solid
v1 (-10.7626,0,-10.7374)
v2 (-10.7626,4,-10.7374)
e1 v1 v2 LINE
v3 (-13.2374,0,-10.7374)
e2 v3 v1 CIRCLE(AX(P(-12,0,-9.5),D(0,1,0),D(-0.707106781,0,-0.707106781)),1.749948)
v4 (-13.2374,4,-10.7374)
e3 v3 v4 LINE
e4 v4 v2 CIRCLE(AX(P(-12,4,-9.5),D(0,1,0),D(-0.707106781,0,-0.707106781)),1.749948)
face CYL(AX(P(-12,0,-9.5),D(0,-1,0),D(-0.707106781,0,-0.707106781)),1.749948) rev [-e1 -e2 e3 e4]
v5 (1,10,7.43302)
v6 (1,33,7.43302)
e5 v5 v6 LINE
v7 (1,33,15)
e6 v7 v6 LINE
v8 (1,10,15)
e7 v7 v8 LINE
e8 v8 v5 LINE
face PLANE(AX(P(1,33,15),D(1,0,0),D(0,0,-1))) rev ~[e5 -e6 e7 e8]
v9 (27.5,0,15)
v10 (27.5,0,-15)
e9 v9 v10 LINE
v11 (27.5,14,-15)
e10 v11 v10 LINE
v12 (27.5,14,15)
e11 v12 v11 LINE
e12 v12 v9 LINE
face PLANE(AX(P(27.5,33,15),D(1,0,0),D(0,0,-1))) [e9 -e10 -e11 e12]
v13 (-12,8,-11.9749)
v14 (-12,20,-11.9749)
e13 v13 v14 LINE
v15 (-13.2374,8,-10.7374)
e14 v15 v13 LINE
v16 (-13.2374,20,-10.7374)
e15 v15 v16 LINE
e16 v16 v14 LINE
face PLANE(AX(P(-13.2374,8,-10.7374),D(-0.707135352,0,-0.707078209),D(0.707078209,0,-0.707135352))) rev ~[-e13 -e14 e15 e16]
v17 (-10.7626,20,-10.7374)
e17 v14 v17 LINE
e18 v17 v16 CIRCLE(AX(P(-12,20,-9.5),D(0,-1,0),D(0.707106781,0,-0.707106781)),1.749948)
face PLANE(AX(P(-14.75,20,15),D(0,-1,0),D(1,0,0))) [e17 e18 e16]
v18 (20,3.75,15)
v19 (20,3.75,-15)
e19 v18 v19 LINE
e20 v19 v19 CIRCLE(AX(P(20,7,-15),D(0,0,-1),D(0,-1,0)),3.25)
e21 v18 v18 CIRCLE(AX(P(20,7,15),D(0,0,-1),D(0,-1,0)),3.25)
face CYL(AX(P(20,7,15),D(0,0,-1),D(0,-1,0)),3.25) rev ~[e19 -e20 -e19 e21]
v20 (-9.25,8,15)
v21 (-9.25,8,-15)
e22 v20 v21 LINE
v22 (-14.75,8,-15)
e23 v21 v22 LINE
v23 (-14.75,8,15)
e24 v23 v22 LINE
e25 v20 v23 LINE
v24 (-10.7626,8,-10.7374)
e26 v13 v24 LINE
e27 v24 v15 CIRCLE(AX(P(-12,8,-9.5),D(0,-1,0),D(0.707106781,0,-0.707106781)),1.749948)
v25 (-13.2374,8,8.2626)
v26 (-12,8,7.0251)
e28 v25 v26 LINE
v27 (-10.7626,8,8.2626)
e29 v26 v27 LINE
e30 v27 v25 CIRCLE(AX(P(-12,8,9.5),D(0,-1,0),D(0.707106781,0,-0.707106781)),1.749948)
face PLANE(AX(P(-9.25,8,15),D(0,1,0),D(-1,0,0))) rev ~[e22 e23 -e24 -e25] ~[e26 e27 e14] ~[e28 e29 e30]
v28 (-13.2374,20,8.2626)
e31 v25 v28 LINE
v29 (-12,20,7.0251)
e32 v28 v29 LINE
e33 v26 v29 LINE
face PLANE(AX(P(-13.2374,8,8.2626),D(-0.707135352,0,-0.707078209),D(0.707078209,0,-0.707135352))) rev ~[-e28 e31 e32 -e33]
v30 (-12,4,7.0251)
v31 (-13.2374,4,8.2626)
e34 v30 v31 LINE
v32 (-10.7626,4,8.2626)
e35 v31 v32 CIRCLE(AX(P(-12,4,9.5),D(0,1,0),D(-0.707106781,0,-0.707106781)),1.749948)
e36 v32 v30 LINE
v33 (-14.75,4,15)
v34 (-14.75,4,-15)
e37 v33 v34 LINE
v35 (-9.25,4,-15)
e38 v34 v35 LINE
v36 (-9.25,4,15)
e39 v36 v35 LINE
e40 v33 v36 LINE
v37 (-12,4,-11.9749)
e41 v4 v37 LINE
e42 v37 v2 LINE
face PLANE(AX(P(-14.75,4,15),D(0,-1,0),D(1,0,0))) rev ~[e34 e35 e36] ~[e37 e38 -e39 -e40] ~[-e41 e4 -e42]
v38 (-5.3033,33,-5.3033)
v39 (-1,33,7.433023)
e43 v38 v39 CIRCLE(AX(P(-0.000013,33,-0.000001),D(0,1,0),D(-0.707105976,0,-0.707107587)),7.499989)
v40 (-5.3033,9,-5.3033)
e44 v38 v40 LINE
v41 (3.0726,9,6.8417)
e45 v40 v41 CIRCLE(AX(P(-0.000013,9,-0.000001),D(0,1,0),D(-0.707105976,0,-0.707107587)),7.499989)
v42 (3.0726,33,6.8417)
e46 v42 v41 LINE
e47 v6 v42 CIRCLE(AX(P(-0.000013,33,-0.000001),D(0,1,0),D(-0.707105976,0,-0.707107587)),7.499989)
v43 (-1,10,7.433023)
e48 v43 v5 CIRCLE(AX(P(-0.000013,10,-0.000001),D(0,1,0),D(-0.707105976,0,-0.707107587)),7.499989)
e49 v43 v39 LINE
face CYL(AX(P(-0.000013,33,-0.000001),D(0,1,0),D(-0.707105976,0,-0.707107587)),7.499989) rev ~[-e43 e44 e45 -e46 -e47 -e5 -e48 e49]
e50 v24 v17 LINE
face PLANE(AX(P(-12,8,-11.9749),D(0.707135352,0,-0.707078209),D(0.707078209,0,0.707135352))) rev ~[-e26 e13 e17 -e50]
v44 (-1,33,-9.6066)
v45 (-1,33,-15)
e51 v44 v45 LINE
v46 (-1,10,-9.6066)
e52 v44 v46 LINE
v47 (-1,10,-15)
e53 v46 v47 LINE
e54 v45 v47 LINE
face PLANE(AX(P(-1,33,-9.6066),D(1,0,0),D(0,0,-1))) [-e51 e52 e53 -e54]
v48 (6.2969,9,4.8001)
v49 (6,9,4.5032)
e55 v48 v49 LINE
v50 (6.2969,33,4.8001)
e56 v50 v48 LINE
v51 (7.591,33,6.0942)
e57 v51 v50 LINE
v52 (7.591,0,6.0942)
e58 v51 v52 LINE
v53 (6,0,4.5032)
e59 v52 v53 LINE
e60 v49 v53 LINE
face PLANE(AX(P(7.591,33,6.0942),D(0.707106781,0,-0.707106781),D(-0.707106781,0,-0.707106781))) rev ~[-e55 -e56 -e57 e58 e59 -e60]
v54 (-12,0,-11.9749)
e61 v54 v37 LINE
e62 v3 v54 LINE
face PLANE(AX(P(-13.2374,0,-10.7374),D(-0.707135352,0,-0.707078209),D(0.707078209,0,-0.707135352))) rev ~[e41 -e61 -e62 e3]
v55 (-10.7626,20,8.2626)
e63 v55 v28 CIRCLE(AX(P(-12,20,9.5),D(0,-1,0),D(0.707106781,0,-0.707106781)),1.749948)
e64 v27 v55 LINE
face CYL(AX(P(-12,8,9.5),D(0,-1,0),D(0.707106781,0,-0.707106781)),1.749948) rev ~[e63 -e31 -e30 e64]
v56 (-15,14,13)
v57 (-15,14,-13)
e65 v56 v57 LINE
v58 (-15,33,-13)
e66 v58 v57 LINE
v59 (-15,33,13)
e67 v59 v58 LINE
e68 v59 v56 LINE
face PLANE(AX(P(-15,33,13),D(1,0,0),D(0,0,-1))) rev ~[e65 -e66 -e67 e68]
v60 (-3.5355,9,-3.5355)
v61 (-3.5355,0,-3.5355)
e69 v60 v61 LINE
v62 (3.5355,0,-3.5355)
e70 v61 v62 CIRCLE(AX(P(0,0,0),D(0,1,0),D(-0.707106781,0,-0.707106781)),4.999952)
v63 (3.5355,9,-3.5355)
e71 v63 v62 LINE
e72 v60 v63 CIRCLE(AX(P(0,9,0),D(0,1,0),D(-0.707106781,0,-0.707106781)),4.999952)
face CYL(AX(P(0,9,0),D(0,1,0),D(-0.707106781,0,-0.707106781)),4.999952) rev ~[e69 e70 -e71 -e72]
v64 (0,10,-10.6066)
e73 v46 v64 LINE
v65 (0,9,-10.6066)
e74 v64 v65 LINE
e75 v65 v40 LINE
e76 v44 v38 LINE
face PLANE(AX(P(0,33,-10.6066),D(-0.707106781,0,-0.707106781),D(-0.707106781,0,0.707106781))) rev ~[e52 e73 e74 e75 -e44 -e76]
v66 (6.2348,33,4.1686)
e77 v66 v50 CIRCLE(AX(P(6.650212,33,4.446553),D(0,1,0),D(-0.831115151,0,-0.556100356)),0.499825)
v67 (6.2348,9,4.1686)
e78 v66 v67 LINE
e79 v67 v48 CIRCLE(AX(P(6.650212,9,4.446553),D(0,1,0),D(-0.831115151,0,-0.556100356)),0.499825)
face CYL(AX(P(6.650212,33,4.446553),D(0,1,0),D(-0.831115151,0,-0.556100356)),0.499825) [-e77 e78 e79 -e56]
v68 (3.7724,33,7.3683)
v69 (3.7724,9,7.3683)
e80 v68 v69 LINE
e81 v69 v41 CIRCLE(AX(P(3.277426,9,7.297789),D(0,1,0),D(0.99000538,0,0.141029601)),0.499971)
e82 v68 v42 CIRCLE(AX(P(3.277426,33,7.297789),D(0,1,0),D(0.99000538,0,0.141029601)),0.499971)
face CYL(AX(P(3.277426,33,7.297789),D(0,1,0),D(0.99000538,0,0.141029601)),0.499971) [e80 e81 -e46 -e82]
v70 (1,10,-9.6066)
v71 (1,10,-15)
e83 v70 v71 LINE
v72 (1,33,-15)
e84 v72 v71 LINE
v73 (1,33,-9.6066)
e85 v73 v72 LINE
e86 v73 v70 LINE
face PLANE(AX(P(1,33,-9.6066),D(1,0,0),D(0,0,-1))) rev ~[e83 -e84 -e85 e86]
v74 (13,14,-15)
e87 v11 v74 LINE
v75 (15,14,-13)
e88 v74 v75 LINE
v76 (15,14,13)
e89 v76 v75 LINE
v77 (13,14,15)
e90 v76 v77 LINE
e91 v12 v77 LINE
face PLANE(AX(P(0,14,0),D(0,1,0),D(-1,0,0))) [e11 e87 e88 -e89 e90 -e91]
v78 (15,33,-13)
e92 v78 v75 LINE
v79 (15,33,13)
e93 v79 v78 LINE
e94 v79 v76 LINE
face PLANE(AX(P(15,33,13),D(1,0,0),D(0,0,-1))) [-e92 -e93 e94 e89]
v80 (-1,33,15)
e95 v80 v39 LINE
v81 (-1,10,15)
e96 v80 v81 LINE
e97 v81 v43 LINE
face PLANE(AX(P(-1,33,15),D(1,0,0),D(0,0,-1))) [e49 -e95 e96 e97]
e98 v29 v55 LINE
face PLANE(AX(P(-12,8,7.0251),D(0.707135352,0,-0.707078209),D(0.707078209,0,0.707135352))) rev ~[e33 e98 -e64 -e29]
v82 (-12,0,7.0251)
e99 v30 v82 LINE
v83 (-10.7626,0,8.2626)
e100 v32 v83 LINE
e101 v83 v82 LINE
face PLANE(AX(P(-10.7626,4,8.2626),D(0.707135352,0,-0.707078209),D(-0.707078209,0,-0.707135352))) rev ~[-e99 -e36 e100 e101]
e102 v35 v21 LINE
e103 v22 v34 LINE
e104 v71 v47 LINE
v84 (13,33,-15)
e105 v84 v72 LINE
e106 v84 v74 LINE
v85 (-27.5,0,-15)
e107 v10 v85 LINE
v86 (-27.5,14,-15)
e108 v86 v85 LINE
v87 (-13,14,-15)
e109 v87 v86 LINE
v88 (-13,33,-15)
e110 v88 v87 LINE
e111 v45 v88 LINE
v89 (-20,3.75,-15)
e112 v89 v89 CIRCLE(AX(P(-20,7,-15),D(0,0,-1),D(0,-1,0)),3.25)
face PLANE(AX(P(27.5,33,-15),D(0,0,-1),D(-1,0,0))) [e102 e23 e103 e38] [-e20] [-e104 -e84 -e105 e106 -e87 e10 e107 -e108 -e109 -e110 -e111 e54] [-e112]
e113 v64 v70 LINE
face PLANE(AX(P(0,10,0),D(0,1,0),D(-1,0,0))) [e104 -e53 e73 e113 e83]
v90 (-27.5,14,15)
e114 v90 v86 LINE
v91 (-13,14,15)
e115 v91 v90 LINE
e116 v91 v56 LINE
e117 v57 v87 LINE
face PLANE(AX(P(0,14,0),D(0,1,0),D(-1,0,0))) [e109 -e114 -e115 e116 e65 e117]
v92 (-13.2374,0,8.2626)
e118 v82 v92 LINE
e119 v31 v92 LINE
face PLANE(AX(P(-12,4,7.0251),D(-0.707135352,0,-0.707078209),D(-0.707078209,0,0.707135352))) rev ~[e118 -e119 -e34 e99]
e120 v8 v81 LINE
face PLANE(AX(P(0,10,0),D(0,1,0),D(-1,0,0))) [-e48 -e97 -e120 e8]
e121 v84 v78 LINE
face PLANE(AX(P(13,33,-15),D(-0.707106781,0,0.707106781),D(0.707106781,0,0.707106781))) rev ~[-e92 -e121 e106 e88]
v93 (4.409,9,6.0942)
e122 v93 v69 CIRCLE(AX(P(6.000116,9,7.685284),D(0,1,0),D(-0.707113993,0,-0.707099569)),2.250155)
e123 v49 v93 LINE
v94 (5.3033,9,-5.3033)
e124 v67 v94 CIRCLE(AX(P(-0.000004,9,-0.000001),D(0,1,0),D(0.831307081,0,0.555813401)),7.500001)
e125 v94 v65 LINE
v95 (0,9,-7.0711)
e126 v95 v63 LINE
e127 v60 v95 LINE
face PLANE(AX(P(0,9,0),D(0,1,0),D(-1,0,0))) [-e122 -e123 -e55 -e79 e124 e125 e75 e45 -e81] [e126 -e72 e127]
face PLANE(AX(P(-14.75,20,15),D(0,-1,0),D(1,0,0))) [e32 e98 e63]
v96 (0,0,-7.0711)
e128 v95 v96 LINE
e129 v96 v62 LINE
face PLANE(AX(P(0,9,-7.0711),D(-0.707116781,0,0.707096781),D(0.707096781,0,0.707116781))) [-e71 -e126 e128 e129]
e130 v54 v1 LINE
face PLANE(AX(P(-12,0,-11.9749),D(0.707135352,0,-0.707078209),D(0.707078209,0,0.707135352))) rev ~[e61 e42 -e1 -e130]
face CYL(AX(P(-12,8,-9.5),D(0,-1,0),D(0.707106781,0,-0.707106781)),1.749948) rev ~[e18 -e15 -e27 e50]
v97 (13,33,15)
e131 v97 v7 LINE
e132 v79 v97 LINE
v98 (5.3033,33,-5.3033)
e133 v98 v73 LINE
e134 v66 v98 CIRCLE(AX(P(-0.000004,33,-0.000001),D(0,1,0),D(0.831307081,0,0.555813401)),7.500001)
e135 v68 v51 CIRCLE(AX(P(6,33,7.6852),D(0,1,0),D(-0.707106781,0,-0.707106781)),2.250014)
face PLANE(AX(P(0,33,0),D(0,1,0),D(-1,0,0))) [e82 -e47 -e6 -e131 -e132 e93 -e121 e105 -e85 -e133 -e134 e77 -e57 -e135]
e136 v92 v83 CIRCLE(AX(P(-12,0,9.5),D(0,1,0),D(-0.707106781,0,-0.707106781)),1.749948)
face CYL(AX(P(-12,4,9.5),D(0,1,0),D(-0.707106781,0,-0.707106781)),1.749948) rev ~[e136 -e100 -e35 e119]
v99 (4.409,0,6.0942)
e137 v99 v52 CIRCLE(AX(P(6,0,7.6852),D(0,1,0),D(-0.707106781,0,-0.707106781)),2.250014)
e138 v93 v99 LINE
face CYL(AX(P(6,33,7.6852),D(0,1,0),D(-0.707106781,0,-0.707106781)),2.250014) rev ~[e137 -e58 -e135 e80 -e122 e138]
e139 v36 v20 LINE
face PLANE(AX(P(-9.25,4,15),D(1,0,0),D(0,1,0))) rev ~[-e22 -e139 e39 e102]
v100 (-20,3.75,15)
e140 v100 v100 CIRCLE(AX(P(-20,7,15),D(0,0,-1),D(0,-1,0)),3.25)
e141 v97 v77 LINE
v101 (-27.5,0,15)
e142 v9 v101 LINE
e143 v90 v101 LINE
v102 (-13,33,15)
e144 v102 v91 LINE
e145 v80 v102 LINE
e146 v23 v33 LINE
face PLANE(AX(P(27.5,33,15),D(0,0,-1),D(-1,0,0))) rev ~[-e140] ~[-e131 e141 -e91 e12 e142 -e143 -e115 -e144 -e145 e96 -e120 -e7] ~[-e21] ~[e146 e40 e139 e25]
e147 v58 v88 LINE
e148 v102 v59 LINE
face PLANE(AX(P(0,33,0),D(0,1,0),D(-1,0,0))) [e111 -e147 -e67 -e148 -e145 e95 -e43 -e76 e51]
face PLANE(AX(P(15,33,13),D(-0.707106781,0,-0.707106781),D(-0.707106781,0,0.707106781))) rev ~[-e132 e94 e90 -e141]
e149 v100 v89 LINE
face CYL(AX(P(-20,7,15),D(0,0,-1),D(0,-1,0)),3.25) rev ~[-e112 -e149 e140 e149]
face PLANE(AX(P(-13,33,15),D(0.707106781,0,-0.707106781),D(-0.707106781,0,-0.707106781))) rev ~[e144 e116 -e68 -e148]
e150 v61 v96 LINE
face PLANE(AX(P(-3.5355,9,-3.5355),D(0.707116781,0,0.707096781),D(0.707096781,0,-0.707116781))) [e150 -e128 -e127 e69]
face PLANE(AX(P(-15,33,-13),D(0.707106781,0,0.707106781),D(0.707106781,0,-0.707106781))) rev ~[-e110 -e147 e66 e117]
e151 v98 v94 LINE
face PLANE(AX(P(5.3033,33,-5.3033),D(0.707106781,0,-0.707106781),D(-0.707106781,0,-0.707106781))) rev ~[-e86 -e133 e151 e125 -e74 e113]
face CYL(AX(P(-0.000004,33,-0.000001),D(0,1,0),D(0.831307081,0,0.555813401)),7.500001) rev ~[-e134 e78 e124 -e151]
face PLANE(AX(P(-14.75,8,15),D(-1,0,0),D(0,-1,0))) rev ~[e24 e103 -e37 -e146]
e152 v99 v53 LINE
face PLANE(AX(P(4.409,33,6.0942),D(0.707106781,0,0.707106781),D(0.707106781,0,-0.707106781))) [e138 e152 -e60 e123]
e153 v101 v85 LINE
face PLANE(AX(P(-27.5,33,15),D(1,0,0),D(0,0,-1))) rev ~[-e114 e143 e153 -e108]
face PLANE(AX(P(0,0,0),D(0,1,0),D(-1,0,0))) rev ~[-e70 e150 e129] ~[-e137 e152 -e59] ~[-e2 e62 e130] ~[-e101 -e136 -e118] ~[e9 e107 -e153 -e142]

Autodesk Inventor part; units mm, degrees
ref_plane "YZ Plane" through (0, 0, 0) normal (1, 0, 0) x (0, 1, 0)
ref_plane "XY Plane" through (0, 0, 0) normal (0, 0, 1) x (1, 0, 0)
ref_plane "Work Plane1" through (0, 33, 0) normal (0, 1, 0) x (-1, 0, 0)
sketch "Sketch1" plane through (0, 33, 0) normal (0, 1, 0) x (-1, 0, 0)
  line L0 (-27.5, 15) -> (-27.5, -15)
  line L1 (-27.5, 15) -> (27.5, 15)
  line L2 (27.5, 15) -> (27.5, -15)
  line L3 (-27.5, -15) -> (27.5, -15)
extrude "Extrusion13" add sketch "Sketch1" against normal blind 33
sketch "Sketch2" plane through (-27.5, 33, 15) normal (0, 0, 1) x (1, 0, 0)
  line L0 (18.25, -25) -> (12.75, -25)
  line L1 (12.75, -29) -> (18.25, -29)
  line L2 (18.25, -29) -> (18.25, -25)
  line L3 (12.75, -25) -> (12.75, -29)
extrude "Extrusion12" cut sketch "Sketch2" against normal blind 30
sketch "Sketch3" plane through (-14.75, 4, 15) normal (0, 1, 0) x (1, 0, 0)
  arc A0 (1.5126, 6.7374) -> (3.9874, 6.7374) centre (2.75, 5.5) ccw
  line L0 (3.9874, 6.7374) -> (2.75, 7.9749)
  line L1 (2.75, 7.9749) -> (1.5126, 6.7374)
extrude "Extrusion11" cut sketch "Sketch3" against normal blind 4
sketch "Sketch4" plane through (0, 0, 0) normal (0, 1, 0) x (-1, 0, 0)
  arc A0 (13.2374, -10.7374) -> (10.7626, -10.7374) centre (12, -9.5) ccw
  line L0 (13.2374, -10.7374) -> (12, -11.9749)
  line L1 (12, -11.9749) -> (10.7626, -10.7374)
extrude "Extrusion10" cut sketch "Sketch4" along normal blind 4
sketch "Sketch5" plane through (-14.75, 8, 15) normal (0, -1, 0) x (1, 0, 0)
  line L0 (2.75, -7.9749) -> (3.9874, -6.7374)
  line L1 (1.5126, -6.7374) -> (2.75, -7.9749)
  arc A0 (3.9874, -6.7374) -> (1.5126, -6.7374) centre (2.75, -5.5) ccw
extrude "Extrusion9" cut sketch "Sketch5" against normal blind 12
sketch "Sketch6" plane through (-14.75, 8, 15) normal (0, -1, 0) x (1, 0, 0)
  line L0 (2.75, -26.9749) -> (3.9874, -25.7374)
  line L1 (1.5126, -25.7374) -> (2.75, -26.9749)
  arc A0 (3.9874, -25.7374) -> (1.5126, -25.7374) centre (2.75, -24.5) ccw
extrude "Extrusion8" cut sketch "Sketch6" against normal blind 12
sketch "Sketch7" plane through (0, 33, 0) normal (0, 1, 0) x (-1, 0, 0)
  line L0 (-4.409, 6.0942) -> (-6, 4.5032)
  arc A0 (-4.409, 6.0942) -> (-7.591, 6.0942) centre (-6, 7.6852) ccw
  line L1 (-7.591, 6.0942) -> (-6, 4.5032)
extrude "Extrusion7" cut sketch "Sketch7" against normal blind 33
sketch "Sketch8" plane through (0, 33, 0) normal (0, 1, 0) x (-1, 0, 0)
  line L0 (-5.3033, -5.3033) -> (0, -10.6066)
  arc A0 (-3.7724, 7.3683) -> (-3.0726, 6.8417) centre (-3.2774, 7.2978) ccw
  arc A1 (-4.409, 6.0942) -> (-3.7724, 7.3683) centre (-6, 7.6852) ccw
  line L1 (0, -10.6066) -> (5.3033, -5.3033)
  arc A2 (5.3033, -5.3033) -> (-3.0726, 6.8417) centre (0, 0) ccw
  line L2 (-6, 4.5032) -> (-4.409, 6.0942)
  line L3 (-6.2969, 4.8001) -> (-6, 4.5032)
  arc A3 (-6.2348, 4.1686) -> (-6.2969, 4.8001) centre (-6.6504, 4.4466) ccw
  arc A4 (-6.2348, 4.1686) -> (-5.3033, -5.3033) centre (0, 0) ccw
extrude "Extrusion6" cut sketch "Sketch8" against normal blind 24 draft 0
sketch "Sketch9" plane through (0, 33, 0) normal (0, 1, 0) x (-1, 0, 0)
  line L0 (0, -10.6066) -> (-1, -9.6066)
  line L1 (1, -9.6066) -> (0, -10.6066)
  line L2 (-1, -9.6066) -> (-1, -15)
  line L3 (-1, -15) -> (1, -15)
  line L4 (1, -9.6066) -> (1, -15)
extrude "Extrusion5" cut sketch "Sketch9" against normal blind 23 draft 0
sketch "Sketch10" plane through (0, 33, 0) normal (0, 1, 0) x (-1, 0, 0)
  line L0 (-1, 15) -> (1, 15)
  arc A0 (1, 7.433) -> (-1, 7.433) centre (0, 0) ccw
  line L1 (-1, 15) -> (-1, 7.433)
  line L2 (1, 15) -> (1, 7.433)
extrude "Extrusion4" cut sketch "Sketch10" against normal blind 23 draft 0
sketch "Sketch11" plane through (0, 33, 0) normal (0, 1, 0) x (-1, 0, 0)
  line L0 (15, -13) -> (13, -15)
  line L1 (13, 15) -> (27.5, 15)
  line L2 (15, 13) -> (15, -13)
  line L3 (27.5, 15) -> (27.5, -15)
  line L4 (13, 15) -> (15, 13)
  line L5 (13, -15) -> (27.5, -15)
extrude "Extrusion3" cut sketch "Sketch11" against normal blind 19 draft 0
sketch "Sketch12" plane through (0, 33, 0) normal (0, 1, 0) x (-1, 0, 0)
  line L0 (-27.5, 15) -> (-13, 15)
  line L1 (-13, -15) -> (-15, -13)
  line L2 (-15, 13) -> (-13, 15)
  line L3 (-27.5, -15) -> (-13, -15)
  line L4 (-27.5, 15) -> (-27.5, -15)
  line L5 (-15, 13) -> (-15, -13)
extrude "Extrusion2" cut sketch "Sketch12" against normal blind 19 draft 0
sketch "Sketch13" plane through (0, 9, 0) normal (0, 1, 0) x (1, 0, 0)
  line L0 (0, 7.0711) -> (3.5355, 3.5355)
  arc A0 (-3.5355, 3.5355) -> (3.5355, 3.5355) centre (0, 0) ccw
  line L1 (-3.5355, 3.5355) -> (0, 7.0711)
extrude "Extrusion1" cut sketch "Sketch13" against normal blind 9
hole "Hole2" at (20, 7, 15) direction (0, 0, -1) diameter 6.5 depth 30
sketch "Sketch14" plane through (-27.5, 0, 15) normal (0, 0, 1) x (1, 0, 0)
  point P0 (47.5, 7)
hole "Hole1" at (-20, 7, 15) direction (0, 0, -1) diameter 6.5 depth 30
sketch "Sketch15" plane through (-27.5, 0, 15) normal (0, 0, 1) x (1, 0, 0)
  point P0 (7.5, 7)
properties part number "Hopper Linear Bearing Holder" material "ASA Plastic"
